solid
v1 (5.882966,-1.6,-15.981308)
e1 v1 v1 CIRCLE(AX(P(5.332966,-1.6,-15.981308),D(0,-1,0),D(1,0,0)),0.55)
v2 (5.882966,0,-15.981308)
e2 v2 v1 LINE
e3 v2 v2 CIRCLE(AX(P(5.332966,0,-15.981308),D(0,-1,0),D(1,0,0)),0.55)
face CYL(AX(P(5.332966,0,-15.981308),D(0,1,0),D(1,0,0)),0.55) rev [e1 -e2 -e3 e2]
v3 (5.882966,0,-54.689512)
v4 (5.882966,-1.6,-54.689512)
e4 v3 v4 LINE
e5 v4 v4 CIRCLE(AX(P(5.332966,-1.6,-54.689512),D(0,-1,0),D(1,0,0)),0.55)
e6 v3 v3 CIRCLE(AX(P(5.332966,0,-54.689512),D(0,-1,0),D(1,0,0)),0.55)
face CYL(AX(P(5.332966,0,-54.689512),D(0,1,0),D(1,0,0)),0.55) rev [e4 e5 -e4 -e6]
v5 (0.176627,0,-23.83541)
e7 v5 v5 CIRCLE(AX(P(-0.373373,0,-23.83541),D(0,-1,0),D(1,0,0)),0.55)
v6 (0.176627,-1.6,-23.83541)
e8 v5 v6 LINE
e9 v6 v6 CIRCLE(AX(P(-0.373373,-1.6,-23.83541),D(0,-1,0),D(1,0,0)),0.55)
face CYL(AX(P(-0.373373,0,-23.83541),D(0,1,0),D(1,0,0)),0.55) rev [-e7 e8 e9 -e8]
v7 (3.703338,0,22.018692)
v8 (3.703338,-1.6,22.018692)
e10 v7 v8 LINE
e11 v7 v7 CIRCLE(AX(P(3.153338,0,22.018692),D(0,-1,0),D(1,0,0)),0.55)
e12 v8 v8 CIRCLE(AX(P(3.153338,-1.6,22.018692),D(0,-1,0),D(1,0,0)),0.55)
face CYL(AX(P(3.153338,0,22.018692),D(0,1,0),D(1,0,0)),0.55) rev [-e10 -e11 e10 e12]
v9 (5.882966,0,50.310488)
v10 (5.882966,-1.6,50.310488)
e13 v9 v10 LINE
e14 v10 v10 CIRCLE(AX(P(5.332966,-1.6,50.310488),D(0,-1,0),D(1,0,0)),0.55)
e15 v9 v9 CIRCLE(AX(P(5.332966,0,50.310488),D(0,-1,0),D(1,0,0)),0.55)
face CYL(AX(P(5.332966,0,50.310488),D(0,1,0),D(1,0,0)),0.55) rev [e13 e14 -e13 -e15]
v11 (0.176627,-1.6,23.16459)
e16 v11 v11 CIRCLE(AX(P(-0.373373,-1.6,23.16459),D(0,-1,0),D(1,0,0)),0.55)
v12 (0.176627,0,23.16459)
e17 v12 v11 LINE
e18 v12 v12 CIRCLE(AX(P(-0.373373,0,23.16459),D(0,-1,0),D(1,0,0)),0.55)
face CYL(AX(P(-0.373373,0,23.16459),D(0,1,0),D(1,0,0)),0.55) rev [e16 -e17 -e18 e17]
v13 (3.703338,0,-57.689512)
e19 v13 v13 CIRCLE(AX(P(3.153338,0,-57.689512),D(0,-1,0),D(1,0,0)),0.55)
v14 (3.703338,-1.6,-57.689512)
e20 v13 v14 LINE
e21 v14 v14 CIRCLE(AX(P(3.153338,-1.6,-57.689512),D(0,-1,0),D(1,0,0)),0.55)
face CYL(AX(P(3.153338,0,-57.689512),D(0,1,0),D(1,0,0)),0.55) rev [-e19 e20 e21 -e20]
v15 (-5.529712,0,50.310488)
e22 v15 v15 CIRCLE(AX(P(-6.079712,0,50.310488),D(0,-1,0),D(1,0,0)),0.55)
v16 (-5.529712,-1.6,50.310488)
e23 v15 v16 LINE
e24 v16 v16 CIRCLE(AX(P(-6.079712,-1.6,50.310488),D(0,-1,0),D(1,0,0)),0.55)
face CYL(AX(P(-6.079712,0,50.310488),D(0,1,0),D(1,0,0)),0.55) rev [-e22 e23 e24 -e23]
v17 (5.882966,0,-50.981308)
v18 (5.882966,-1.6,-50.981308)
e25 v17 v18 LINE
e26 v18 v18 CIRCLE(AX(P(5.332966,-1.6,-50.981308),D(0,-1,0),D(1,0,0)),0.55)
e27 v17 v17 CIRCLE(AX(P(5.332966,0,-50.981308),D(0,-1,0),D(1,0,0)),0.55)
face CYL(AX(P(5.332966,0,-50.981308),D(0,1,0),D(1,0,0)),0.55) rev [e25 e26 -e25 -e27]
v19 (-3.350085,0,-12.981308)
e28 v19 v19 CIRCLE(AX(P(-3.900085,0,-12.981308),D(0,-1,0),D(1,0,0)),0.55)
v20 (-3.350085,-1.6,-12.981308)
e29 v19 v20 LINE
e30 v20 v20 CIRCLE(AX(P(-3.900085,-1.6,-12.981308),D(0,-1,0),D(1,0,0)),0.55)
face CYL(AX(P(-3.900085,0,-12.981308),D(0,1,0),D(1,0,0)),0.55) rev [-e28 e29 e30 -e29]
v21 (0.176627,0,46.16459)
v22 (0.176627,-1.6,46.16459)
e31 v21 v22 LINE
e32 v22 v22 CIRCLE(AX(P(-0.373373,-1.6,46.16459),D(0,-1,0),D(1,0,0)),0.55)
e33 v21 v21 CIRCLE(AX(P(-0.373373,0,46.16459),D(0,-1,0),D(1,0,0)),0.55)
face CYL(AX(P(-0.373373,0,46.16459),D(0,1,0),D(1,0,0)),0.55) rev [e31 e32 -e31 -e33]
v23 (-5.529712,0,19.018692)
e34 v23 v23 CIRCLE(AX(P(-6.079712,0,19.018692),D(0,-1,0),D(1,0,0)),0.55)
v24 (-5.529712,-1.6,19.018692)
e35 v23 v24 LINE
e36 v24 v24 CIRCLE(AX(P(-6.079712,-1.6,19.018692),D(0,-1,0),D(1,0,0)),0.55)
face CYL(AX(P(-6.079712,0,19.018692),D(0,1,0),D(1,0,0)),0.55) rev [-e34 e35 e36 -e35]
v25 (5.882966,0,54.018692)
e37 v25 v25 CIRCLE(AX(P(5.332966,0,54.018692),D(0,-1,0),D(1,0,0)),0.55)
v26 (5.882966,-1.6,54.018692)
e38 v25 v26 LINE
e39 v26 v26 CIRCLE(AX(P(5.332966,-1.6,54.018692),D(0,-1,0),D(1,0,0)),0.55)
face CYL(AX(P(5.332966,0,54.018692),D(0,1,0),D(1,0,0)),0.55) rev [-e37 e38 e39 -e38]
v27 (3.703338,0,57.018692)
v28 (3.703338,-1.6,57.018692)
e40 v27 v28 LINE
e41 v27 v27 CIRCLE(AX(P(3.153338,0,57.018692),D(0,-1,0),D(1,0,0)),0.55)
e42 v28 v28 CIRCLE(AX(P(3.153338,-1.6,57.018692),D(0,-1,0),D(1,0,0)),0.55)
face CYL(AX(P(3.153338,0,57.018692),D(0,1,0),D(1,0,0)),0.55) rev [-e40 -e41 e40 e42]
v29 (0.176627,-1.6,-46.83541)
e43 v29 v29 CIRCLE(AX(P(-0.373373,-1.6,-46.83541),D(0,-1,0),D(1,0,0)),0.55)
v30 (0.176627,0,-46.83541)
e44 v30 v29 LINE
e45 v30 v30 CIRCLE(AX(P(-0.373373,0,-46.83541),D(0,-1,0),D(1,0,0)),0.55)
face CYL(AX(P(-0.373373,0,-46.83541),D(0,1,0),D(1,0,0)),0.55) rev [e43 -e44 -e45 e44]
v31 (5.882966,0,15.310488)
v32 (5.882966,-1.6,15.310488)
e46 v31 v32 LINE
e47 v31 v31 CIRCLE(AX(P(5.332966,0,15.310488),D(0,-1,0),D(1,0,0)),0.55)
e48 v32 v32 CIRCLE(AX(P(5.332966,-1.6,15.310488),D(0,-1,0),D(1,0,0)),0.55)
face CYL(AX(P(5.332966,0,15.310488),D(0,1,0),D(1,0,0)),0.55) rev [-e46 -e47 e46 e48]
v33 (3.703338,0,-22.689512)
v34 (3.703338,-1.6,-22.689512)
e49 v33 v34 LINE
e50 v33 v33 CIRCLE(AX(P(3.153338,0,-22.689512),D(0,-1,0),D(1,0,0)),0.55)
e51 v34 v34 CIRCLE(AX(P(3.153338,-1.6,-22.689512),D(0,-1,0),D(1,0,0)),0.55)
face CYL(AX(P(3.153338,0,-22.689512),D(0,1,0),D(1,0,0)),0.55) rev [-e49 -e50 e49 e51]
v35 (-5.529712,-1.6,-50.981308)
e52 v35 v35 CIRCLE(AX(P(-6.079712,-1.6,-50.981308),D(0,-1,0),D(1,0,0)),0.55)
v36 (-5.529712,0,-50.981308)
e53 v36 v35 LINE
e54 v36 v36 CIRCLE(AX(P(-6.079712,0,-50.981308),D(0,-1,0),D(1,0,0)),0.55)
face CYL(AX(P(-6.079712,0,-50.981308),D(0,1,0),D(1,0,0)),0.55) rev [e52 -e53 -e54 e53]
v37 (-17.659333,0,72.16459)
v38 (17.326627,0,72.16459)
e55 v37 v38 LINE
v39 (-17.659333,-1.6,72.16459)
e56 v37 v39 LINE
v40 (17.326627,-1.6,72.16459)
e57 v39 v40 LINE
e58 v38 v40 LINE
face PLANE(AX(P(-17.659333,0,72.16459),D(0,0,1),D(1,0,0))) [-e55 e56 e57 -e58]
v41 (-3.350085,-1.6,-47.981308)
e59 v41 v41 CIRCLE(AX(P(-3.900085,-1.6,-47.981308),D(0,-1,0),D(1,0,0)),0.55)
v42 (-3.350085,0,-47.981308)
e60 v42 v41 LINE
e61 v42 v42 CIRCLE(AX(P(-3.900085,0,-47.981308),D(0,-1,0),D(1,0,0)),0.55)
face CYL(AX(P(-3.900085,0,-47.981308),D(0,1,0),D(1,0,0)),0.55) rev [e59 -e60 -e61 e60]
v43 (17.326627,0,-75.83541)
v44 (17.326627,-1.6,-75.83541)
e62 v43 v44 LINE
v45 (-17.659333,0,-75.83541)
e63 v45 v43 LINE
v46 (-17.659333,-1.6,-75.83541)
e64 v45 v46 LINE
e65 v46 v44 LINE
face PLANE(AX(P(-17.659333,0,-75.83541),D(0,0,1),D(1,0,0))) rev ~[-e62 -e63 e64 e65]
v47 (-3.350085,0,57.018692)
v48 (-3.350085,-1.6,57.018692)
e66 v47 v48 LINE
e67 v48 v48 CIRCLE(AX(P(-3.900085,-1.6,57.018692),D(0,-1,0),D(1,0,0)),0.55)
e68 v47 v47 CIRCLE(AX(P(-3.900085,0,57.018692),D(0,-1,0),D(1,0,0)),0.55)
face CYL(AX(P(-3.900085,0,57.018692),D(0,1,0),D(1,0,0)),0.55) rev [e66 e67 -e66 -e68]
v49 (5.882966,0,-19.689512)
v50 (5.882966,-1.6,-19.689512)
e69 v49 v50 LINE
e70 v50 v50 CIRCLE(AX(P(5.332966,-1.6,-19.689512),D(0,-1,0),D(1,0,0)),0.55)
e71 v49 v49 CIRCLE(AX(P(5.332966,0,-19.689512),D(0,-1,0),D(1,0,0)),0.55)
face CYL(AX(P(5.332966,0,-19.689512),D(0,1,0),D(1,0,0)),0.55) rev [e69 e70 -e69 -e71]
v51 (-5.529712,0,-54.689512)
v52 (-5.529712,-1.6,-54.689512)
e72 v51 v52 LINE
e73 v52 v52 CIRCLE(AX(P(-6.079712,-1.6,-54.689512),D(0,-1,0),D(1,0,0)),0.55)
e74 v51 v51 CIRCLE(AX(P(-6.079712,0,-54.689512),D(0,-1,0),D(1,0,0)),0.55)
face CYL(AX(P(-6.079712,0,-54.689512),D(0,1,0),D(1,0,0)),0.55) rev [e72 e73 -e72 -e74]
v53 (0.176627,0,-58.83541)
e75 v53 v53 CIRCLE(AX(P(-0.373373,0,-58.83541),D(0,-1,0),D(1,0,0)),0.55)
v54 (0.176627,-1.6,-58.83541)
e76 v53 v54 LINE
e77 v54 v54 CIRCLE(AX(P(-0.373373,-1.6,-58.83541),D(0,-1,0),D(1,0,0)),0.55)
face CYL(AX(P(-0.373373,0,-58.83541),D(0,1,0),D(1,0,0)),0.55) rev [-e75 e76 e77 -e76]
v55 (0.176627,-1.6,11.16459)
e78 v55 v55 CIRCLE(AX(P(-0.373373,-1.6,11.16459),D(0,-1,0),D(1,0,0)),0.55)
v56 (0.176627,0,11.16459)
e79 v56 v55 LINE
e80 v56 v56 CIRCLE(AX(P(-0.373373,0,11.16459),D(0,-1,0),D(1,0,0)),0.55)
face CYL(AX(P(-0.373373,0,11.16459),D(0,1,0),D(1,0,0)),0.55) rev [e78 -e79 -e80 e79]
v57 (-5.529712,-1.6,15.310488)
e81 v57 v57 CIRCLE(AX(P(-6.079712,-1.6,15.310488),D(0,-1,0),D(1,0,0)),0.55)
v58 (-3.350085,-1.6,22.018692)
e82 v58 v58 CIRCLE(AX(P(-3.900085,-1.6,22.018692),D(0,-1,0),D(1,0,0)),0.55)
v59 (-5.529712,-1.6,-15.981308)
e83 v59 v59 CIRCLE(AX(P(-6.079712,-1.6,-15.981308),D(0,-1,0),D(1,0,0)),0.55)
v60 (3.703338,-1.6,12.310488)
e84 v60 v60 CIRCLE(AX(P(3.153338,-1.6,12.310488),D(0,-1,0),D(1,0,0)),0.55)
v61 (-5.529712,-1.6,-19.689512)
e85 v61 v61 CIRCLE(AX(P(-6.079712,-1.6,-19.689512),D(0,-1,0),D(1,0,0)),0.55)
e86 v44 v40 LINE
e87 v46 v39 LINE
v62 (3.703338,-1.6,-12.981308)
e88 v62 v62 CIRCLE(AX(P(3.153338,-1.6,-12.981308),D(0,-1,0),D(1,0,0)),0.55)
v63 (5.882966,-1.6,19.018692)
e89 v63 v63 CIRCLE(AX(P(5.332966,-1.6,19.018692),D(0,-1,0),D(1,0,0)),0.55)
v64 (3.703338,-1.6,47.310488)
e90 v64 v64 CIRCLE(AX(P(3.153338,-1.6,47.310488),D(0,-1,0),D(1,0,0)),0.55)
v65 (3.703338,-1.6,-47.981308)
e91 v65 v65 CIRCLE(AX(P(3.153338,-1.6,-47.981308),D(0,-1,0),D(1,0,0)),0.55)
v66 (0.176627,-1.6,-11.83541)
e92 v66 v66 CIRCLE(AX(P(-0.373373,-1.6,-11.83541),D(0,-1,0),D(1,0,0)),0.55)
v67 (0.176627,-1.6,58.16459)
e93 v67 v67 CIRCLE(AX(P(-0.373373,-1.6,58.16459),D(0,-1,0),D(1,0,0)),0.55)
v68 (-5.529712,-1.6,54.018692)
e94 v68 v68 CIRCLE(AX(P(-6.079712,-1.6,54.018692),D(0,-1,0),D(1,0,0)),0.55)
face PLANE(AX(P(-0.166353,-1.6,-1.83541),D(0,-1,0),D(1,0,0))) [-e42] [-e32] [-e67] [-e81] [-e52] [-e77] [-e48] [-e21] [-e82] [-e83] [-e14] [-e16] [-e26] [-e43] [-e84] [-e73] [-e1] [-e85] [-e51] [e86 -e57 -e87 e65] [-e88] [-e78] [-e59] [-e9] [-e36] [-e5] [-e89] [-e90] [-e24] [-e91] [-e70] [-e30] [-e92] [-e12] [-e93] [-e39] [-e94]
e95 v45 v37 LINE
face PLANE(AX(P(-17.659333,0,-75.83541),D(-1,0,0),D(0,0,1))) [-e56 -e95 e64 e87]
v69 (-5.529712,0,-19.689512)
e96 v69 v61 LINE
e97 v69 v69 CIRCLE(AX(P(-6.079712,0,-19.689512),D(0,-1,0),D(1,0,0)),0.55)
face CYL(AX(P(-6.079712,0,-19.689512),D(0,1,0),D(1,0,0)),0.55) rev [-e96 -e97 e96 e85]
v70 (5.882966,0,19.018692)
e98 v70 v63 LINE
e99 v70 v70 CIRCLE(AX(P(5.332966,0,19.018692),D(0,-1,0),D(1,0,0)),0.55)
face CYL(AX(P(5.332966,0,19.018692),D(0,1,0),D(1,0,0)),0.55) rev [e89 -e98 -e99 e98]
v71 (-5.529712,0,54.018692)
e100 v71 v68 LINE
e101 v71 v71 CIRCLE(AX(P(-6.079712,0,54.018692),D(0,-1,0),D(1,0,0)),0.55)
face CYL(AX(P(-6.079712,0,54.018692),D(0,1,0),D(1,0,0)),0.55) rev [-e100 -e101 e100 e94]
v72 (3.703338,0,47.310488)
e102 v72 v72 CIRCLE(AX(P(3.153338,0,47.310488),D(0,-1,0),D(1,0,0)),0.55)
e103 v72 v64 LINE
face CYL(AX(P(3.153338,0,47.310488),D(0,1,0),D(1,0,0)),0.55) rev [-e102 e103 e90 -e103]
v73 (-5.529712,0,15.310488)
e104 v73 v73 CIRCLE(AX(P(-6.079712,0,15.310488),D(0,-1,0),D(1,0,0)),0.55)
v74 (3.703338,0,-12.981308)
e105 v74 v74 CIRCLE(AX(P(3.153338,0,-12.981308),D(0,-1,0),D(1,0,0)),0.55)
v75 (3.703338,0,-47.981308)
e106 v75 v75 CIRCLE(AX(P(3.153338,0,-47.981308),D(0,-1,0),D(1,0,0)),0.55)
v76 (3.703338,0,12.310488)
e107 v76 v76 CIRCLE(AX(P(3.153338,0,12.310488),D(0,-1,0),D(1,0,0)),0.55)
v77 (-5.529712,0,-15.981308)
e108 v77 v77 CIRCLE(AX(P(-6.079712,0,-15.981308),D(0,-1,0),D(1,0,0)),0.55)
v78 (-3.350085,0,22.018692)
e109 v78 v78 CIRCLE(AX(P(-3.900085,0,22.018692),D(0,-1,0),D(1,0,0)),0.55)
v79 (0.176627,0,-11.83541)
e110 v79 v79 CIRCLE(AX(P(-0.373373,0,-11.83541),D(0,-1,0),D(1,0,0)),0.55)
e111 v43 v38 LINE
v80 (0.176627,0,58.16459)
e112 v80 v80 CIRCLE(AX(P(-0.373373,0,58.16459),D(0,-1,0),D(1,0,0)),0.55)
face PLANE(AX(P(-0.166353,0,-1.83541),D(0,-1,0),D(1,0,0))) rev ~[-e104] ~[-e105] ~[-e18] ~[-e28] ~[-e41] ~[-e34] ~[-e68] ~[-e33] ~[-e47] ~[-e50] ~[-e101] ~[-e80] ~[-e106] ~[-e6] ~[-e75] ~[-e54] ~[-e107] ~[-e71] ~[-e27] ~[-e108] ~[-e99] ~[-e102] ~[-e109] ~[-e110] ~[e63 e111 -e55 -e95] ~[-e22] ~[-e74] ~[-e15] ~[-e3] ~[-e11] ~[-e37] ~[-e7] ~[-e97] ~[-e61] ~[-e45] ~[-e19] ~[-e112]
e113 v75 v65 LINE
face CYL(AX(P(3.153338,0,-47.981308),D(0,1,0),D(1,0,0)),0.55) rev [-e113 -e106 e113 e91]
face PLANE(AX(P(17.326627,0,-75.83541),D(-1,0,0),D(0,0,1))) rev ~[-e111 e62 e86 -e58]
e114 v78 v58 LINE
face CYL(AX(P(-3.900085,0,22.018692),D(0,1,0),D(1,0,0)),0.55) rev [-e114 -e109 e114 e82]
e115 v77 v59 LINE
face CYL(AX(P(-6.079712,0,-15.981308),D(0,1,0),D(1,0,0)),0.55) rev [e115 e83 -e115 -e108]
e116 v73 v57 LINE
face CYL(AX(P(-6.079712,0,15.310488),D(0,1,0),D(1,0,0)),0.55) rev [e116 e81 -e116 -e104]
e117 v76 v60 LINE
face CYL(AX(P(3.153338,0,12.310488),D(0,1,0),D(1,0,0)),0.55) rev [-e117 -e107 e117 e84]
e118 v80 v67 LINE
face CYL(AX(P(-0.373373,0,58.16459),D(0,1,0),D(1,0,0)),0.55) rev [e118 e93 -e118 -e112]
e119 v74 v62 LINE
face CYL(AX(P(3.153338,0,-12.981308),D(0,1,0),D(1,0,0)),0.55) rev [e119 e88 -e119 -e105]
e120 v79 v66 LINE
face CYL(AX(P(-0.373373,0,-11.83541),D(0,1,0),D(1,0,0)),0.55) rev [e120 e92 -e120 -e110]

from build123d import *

# Parameters (mm, degrees)
F0_W     = 34.98596
F0_H     = 148
F0_R     = 0.55
F1_DEPTH = 1.6


with BuildPart() as f1:
    # F0 (on Front) → F1 (new body)
    with BuildSketch(Plane.XZ):
        with Locations((-0.166353, -1.83541)):
            Rectangle(F0_W, F0_H)
        with Locations((-0.373373, -58.83541)):
            Circle(F0_R, mode=Mode.SUBTRACT)
        with Locations((-6.079712, -54.689512)):
            Circle(F0_R, mode=Mode.SUBTRACT)
        with Locations((-6.079712, -50.981308)):
            Circle(F0_R, mode=Mode.SUBTRACT)
        with Locations((-3.900085, -47.981308)):
            Circle(F0_R, mode=Mode.SUBTRACT)
        with Locations((-0.373373, -46.83541)):
            Circle(F0_R, mode=Mode.SUBTRACT)
        with Locations((-0.373373, -23.83541)):
            Circle(F0_R, mode=Mode.SUBTRACT)
        with Locations((-6.079712, -19.689512)):
            Circle(F0_R, mode=Mode.SUBTRACT)
        with Locations((-6.079712, -15.981308)):
            Circle(F0_R, mode=Mode.SUBTRACT)
        with Locations((-3.900085, -12.981308)):
            Circle(F0_R, mode=Mode.SUBTRACT)
        with Locations((-0.373373, -11.83541)):
            Circle(F0_R, mode=Mode.SUBTRACT)
        with Locations((3.153338, -57.689512)):
            Circle(F0_R, mode=Mode.SUBTRACT)
        with Locations((3.153338, -47.981308)):
            Circle(F0_R, mode=Mode.SUBTRACT)
        with Locations((5.332966, -54.689512)):
            Circle(F0_R, mode=Mode.SUBTRACT)
        with Locations((5.332966, -50.981308)):
            Circle(F0_R, mode=Mode.SUBTRACT)
        with Locations((3.153338, -22.689512)):
            Circle(F0_R, mode=Mode.SUBTRACT)
        with Locations((3.153338, -12.981308)):
            Circle(F0_R, mode=Mode.SUBTRACT)
        with Locations((5.332966, -19.689512)):
            Circle(F0_R, mode=Mode.SUBTRACT)
        with Locations((5.332966, -15.981308)):
            Circle(F0_R, mode=Mode.SUBTRACT)
        with Locations((-6.079712, 15.310488)):
            Circle(F0_R, mode=Mode.SUBTRACT)
        with Locations((-0.373373, 11.16459)):
            Circle(F0_R, mode=Mode.SUBTRACT)
        with Locations((-6.079712, 19.018692)):
            Circle(F0_R, mode=Mode.SUBTRACT)
        with Locations((-3.900085, 22.018692)):
            Circle(F0_R, mode=Mode.SUBTRACT)
        with Locations((-0.373373, 23.16459)):
            Circle(F0_R, mode=Mode.SUBTRACT)
        with Locations((-6.079712, 50.310488)):
            Circle(F0_R, mode=Mode.SUBTRACT)
        with Locations((-0.373373, 46.16459)):
            Circle(F0_R, mode=Mode.SUBTRACT)
        with Locations((-6.079712, 54.018692)):
            Circle(F0_R, mode=Mode.SUBTRACT)
        with Locations((-3.900085, 57.018692)):
            Circle(F0_R, mode=Mode.SUBTRACT)
        with Locations((-0.373373, 58.16459)):
            Circle(F0_R, mode=Mode.SUBTRACT)
        with Locations((3.153338, 12.310488)):
            Circle(F0_R, mode=Mode.SUBTRACT)
        with Locations((5.332966, 15.310488)):
            Circle(F0_R, mode=Mode.SUBTRACT)
        with Locations((3.153338, 22.018692)):
            Circle(F0_R, mode=Mode.SUBTRACT)
        with Locations((5.332966, 19.018692)):
            Circle(F0_R, mode=Mode.SUBTRACT)
        with Locations((3.153338, 47.310488)):
            Circle(F0_R, mode=Mode.SUBTRACT)
        with Locations((5.332966, 50.310488)):
            Circle(F0_R, mode=Mode.SUBTRACT)
        with Locations((3.153338, 57.018692)):
            Circle(F0_R, mode=Mode.SUBTRACT)
        with Locations((5.332966, 54.018692)):
            Circle(F0_R, mode=Mode.SUBTRACT)
    extrude(amount=F1_DEPTH)


solid = f1.part
